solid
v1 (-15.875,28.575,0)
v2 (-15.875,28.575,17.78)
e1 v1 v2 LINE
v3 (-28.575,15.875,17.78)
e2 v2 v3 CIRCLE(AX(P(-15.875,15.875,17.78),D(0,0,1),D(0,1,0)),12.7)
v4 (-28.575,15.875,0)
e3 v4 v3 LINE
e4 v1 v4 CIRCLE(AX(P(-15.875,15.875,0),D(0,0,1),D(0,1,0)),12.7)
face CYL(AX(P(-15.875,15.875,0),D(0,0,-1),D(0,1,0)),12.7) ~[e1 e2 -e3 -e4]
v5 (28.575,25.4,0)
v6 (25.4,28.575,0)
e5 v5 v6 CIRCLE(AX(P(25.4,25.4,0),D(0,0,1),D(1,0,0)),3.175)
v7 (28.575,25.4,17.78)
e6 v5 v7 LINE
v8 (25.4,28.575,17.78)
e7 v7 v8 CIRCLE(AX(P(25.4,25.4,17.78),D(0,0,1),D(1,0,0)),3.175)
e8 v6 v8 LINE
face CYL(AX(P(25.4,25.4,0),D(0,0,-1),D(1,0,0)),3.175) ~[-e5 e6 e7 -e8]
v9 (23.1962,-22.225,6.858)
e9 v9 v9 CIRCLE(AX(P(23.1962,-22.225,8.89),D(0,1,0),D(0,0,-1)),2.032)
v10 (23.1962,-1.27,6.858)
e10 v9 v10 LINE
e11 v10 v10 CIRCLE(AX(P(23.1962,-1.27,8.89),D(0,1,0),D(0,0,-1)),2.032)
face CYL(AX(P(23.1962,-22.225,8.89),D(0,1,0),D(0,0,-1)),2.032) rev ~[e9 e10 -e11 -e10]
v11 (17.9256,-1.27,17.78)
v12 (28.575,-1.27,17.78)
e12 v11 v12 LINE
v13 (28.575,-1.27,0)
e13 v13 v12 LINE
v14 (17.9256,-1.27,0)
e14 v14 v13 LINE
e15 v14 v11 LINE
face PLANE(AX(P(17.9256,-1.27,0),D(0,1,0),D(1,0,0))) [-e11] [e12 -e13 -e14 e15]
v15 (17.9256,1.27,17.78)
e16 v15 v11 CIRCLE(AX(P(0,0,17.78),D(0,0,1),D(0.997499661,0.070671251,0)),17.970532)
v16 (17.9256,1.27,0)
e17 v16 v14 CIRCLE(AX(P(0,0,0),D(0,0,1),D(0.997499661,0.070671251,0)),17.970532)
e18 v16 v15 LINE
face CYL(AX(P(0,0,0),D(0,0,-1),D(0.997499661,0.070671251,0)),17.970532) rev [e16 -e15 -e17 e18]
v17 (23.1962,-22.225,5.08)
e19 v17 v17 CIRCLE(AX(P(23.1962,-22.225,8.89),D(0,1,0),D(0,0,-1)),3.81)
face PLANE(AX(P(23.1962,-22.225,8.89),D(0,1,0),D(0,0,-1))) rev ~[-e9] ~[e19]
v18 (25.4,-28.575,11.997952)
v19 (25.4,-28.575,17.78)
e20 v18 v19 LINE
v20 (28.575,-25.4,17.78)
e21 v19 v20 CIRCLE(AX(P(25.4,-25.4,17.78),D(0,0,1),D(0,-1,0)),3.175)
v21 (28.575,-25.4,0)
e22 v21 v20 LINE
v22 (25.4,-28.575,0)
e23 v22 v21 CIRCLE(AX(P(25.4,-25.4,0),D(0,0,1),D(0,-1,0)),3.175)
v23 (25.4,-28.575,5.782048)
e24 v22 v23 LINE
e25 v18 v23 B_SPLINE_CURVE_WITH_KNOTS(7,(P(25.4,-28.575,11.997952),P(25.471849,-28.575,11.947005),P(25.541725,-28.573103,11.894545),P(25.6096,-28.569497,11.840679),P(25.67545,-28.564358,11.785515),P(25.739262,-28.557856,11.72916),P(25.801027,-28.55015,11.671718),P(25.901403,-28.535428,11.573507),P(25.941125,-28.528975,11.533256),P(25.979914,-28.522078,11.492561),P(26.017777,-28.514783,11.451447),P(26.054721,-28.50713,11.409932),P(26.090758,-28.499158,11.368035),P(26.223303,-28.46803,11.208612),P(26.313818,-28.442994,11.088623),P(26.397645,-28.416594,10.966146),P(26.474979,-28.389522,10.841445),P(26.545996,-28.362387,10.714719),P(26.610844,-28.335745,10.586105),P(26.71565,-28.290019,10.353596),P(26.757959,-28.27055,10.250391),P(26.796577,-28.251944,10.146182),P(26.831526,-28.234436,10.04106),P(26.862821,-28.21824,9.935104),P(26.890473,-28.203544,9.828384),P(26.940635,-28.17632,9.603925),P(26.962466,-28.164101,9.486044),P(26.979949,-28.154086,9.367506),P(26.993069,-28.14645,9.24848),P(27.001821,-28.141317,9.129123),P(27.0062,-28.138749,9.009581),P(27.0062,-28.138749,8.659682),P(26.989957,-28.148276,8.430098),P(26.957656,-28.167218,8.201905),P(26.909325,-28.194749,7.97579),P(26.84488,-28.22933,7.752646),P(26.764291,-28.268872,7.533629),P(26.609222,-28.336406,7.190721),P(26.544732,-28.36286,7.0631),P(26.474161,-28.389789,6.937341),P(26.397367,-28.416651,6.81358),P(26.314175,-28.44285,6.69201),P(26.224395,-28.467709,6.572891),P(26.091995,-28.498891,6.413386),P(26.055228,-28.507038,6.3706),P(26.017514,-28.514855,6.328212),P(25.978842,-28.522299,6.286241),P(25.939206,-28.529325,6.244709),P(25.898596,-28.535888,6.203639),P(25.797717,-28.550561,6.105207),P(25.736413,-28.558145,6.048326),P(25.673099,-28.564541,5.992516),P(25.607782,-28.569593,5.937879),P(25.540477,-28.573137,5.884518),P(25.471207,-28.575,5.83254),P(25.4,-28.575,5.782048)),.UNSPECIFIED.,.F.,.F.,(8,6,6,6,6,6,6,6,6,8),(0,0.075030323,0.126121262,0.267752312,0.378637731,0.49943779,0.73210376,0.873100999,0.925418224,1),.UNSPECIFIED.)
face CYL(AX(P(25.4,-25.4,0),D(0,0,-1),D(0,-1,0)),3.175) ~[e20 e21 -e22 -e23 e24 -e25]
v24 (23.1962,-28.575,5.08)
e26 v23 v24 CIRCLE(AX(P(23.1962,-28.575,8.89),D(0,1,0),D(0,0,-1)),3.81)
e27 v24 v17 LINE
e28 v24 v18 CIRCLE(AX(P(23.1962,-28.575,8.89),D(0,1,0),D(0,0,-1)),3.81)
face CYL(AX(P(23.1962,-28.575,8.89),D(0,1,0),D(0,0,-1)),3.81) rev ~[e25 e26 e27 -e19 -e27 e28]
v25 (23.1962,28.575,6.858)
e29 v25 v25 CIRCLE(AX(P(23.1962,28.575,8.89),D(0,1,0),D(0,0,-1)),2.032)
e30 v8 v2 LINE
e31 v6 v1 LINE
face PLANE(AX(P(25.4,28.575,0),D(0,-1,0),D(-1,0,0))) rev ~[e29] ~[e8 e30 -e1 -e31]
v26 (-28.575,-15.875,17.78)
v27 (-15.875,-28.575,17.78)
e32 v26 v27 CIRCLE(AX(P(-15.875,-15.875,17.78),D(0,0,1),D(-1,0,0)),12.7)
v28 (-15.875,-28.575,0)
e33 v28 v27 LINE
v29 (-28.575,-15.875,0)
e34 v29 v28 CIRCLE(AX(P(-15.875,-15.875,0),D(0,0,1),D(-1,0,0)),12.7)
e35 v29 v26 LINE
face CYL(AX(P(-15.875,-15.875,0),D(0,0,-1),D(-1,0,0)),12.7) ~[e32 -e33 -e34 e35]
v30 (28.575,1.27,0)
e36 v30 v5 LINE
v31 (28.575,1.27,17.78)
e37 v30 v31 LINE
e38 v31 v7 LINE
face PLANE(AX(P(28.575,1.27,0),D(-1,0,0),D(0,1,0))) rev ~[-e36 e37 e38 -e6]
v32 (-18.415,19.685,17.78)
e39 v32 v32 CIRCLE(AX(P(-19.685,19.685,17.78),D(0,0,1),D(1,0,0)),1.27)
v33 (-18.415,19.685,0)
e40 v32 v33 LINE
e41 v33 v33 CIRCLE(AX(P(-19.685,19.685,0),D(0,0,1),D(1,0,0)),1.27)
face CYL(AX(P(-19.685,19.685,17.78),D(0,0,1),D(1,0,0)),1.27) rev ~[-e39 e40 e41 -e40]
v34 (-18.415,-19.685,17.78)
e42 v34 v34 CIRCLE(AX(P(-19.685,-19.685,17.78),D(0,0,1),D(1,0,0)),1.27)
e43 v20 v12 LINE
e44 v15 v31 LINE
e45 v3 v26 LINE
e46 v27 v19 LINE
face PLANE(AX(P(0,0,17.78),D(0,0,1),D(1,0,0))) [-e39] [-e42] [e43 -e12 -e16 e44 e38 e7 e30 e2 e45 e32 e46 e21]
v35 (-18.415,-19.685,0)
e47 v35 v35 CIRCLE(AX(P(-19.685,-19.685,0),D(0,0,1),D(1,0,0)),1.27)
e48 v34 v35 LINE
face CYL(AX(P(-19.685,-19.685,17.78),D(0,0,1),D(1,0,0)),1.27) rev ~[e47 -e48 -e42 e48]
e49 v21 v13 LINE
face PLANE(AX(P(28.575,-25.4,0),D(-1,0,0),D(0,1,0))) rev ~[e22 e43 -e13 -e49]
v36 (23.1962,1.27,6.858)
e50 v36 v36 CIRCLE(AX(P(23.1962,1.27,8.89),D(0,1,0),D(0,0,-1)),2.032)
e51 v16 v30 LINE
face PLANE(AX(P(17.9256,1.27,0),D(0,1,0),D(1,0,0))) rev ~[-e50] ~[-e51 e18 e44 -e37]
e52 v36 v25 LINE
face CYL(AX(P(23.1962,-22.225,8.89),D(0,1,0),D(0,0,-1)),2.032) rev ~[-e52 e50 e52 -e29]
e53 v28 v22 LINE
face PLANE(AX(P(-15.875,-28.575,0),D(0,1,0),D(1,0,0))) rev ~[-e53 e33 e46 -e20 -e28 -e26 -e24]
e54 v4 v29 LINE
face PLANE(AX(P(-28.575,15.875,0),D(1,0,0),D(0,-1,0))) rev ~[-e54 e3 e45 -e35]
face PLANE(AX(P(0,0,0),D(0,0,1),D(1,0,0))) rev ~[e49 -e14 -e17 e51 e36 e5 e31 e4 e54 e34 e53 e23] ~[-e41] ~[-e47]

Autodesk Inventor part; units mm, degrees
ref_plane "YZ Plane" through (0, 0, 0) normal (1, 0, 0) x (0, 1, 0)
ref_plane "XZ Plane" through (0, 0, 0) normal (0, 1, 0) x (-1, 0, 0)
ref_plane "XY Plane" through (0, 0, 0) normal (0, 0, 1) x (1, 0, 0)
sketch "Sketch1" plane through (0, 0, 0) normal (0, 0, 1) x (1, 0, 0)
  line L0 (-15.875, -28.575) -> (25.4, -28.575)
  line L1 (25.4, 28.575) -> (-15.875, 28.575)
  line L2 (-28.575, 15.875) -> (-28.575, -15.875)
  line L3 (-28.575, -28.575) -> (28.575, 28.575) construction
  line L4 (28.575, -28.575) -> (-28.575, 28.575) construction
  arc A0 (-15.875, 28.575) -> (-28.575, 15.875) centre (-15.875, 15.875) ccw
  arc A1 (-28.575, -15.875) -> (-15.875, -28.575) centre (-15.875, -15.875) ccw
  arc A2 (28.575, 25.4) -> (25.4, 28.575) centre (25.4, 25.4) ccw
  arc A3 (25.4, -28.575) -> (28.575, -25.4) centre (25.4, -25.4) ccw
  arc A4 (17.9256, 1.27) -> (17.9256, -1.27) centre (0, 0) ccw
  line L5 (18.2118, 5.08) -> (18.2118, -5.08) construction
  line L6 (17.9256, 1.27) -> (28.575, 1.27)
  line L7 (17.9256, -1.27) -> (28.575, -1.27)
  line L8 (28.575, -25.4) -> (28.575, -1.27)
  line L9 (28.575, 1.27) -> (28.575, 25.4)
  point P0 (23.2503, 1.27)
  point P1 (23.2503, -1.27)
  dimension "d0" = 57.15
  dimension "d1" = 57.15
  dimension "d2" = 12.7
  dimension "d3" = 3.175
  dimension "d5" = 10.16
  dimension "d8" = 28.575
  dimension "d11" = 57.15
  dimension "d14" = 2.54
  dimension "d23" = 35.941
extrude "Extrusion1" add sketch "Sketch1" along normal blind 17.78
sketch "Sketch2" plane through (17.9256, -1.27, 0) normal (0, 1, 0) x (1, 0, 0)
  line L0 (0, 0) -> (10.6494, 0) projected
  line L1 (0, 0) -> (0, -17.78) projected
  line L2 (10.6494, -17.78) -> (0, -17.78) projected
  line L3 (10.6494, 0) -> (10.6494, -17.78) projected
  circle A0 centre (5.2706, -8.89) radius 1.27
  point P0 (-17.9256, 0)
  dimension "d15" = 2.54
hole "Hole1" at (23.1962, -1.27, 8.89) direction (0, -1, 0) diameter 2.54 end through all
sketch "Sketch3" plane through (-15.875, -28.575, 0) normal (0, -1, 0) x (1, 0, 0)
  circle A0 centre (39.0712, 8.89) radius 1.27 projected
  point P0 (15.875, 0)
  point P1 (38.1, 9.7084)
  point P2 (38.1, 8.0716)
hole "Hole2" at (23.1962, -28.575, 8.89) direction (0, 1, 0) diameter 4.064 end through all counterbore diameter 7.62 counterbore depth 6.35
sketch "Sketch4" plane through (0, 0, 17.78) normal (0, 0, 1) x (1, 0, 0)
  point P0 (0, 0)
sketch "Sketch5" plane through (0, 0, 17.78) normal (0, 0, 1) x (1, 0, 0)
  point P0 (0, 0)
sketch "Sketch6" plane through (0, 0, 17.78) normal (0, 0, 1) x (1, 0, 0)
  line L0 (25.4, 28.575) -> (-15.875, 28.575) projected
  arc A0 (-15.875, 28.575) -> (-28.575, 15.875) centre (-15.875, 15.875) ccw projected
  line L1 (-28.575, 15.875) -> (-28.575, -15.875) projected
  arc A1 (-28.575, -15.875) -> (-15.875, -28.575) centre (-15.875, -15.875) ccw projected
  line L2 (-15.875, -28.575) -> (25.4, -28.575) projected
  arc A2 (25.4, -28.575) -> (28.575, -25.4) centre (25.4, -25.4) ccw projected
  line L3 (28.575, -25.4) -> (28.575, -1.27) projected
  line L4 (28.575, -1.27) -> (17.9256, -1.27) projected
  arc A3 (17.9256, 1.27) -> (17.9256, -1.27) centre (0, 0) ccw projected
  line L5 (17.9256, 1.27) -> (28.575, 1.27) projected
  line L6 (28.575, 1.27) -> (28.575, 25.4) projected
  arc A4 (28.575, 25.4) -> (25.4, 28.575) centre (25.4, 25.4) ccw projected
  circle A5 centre (-19.685, -19.685) radius 1.27
  circle A6 centre (-19.685, 19.685) radius 1.27
  dimension "d31" = 2.54
  dimension "d32" = 3.81
  dimension "d33" = 3.81
  dimension "d34" = 2.54
  dimension "d35" = 3.81
  dimension "d36" = 3.81
extrude "Extrusion2" cut sketch "Sketch6" against normal blind 25.4 contours A5 | A6
properties part number "mOTORHOLDER"
